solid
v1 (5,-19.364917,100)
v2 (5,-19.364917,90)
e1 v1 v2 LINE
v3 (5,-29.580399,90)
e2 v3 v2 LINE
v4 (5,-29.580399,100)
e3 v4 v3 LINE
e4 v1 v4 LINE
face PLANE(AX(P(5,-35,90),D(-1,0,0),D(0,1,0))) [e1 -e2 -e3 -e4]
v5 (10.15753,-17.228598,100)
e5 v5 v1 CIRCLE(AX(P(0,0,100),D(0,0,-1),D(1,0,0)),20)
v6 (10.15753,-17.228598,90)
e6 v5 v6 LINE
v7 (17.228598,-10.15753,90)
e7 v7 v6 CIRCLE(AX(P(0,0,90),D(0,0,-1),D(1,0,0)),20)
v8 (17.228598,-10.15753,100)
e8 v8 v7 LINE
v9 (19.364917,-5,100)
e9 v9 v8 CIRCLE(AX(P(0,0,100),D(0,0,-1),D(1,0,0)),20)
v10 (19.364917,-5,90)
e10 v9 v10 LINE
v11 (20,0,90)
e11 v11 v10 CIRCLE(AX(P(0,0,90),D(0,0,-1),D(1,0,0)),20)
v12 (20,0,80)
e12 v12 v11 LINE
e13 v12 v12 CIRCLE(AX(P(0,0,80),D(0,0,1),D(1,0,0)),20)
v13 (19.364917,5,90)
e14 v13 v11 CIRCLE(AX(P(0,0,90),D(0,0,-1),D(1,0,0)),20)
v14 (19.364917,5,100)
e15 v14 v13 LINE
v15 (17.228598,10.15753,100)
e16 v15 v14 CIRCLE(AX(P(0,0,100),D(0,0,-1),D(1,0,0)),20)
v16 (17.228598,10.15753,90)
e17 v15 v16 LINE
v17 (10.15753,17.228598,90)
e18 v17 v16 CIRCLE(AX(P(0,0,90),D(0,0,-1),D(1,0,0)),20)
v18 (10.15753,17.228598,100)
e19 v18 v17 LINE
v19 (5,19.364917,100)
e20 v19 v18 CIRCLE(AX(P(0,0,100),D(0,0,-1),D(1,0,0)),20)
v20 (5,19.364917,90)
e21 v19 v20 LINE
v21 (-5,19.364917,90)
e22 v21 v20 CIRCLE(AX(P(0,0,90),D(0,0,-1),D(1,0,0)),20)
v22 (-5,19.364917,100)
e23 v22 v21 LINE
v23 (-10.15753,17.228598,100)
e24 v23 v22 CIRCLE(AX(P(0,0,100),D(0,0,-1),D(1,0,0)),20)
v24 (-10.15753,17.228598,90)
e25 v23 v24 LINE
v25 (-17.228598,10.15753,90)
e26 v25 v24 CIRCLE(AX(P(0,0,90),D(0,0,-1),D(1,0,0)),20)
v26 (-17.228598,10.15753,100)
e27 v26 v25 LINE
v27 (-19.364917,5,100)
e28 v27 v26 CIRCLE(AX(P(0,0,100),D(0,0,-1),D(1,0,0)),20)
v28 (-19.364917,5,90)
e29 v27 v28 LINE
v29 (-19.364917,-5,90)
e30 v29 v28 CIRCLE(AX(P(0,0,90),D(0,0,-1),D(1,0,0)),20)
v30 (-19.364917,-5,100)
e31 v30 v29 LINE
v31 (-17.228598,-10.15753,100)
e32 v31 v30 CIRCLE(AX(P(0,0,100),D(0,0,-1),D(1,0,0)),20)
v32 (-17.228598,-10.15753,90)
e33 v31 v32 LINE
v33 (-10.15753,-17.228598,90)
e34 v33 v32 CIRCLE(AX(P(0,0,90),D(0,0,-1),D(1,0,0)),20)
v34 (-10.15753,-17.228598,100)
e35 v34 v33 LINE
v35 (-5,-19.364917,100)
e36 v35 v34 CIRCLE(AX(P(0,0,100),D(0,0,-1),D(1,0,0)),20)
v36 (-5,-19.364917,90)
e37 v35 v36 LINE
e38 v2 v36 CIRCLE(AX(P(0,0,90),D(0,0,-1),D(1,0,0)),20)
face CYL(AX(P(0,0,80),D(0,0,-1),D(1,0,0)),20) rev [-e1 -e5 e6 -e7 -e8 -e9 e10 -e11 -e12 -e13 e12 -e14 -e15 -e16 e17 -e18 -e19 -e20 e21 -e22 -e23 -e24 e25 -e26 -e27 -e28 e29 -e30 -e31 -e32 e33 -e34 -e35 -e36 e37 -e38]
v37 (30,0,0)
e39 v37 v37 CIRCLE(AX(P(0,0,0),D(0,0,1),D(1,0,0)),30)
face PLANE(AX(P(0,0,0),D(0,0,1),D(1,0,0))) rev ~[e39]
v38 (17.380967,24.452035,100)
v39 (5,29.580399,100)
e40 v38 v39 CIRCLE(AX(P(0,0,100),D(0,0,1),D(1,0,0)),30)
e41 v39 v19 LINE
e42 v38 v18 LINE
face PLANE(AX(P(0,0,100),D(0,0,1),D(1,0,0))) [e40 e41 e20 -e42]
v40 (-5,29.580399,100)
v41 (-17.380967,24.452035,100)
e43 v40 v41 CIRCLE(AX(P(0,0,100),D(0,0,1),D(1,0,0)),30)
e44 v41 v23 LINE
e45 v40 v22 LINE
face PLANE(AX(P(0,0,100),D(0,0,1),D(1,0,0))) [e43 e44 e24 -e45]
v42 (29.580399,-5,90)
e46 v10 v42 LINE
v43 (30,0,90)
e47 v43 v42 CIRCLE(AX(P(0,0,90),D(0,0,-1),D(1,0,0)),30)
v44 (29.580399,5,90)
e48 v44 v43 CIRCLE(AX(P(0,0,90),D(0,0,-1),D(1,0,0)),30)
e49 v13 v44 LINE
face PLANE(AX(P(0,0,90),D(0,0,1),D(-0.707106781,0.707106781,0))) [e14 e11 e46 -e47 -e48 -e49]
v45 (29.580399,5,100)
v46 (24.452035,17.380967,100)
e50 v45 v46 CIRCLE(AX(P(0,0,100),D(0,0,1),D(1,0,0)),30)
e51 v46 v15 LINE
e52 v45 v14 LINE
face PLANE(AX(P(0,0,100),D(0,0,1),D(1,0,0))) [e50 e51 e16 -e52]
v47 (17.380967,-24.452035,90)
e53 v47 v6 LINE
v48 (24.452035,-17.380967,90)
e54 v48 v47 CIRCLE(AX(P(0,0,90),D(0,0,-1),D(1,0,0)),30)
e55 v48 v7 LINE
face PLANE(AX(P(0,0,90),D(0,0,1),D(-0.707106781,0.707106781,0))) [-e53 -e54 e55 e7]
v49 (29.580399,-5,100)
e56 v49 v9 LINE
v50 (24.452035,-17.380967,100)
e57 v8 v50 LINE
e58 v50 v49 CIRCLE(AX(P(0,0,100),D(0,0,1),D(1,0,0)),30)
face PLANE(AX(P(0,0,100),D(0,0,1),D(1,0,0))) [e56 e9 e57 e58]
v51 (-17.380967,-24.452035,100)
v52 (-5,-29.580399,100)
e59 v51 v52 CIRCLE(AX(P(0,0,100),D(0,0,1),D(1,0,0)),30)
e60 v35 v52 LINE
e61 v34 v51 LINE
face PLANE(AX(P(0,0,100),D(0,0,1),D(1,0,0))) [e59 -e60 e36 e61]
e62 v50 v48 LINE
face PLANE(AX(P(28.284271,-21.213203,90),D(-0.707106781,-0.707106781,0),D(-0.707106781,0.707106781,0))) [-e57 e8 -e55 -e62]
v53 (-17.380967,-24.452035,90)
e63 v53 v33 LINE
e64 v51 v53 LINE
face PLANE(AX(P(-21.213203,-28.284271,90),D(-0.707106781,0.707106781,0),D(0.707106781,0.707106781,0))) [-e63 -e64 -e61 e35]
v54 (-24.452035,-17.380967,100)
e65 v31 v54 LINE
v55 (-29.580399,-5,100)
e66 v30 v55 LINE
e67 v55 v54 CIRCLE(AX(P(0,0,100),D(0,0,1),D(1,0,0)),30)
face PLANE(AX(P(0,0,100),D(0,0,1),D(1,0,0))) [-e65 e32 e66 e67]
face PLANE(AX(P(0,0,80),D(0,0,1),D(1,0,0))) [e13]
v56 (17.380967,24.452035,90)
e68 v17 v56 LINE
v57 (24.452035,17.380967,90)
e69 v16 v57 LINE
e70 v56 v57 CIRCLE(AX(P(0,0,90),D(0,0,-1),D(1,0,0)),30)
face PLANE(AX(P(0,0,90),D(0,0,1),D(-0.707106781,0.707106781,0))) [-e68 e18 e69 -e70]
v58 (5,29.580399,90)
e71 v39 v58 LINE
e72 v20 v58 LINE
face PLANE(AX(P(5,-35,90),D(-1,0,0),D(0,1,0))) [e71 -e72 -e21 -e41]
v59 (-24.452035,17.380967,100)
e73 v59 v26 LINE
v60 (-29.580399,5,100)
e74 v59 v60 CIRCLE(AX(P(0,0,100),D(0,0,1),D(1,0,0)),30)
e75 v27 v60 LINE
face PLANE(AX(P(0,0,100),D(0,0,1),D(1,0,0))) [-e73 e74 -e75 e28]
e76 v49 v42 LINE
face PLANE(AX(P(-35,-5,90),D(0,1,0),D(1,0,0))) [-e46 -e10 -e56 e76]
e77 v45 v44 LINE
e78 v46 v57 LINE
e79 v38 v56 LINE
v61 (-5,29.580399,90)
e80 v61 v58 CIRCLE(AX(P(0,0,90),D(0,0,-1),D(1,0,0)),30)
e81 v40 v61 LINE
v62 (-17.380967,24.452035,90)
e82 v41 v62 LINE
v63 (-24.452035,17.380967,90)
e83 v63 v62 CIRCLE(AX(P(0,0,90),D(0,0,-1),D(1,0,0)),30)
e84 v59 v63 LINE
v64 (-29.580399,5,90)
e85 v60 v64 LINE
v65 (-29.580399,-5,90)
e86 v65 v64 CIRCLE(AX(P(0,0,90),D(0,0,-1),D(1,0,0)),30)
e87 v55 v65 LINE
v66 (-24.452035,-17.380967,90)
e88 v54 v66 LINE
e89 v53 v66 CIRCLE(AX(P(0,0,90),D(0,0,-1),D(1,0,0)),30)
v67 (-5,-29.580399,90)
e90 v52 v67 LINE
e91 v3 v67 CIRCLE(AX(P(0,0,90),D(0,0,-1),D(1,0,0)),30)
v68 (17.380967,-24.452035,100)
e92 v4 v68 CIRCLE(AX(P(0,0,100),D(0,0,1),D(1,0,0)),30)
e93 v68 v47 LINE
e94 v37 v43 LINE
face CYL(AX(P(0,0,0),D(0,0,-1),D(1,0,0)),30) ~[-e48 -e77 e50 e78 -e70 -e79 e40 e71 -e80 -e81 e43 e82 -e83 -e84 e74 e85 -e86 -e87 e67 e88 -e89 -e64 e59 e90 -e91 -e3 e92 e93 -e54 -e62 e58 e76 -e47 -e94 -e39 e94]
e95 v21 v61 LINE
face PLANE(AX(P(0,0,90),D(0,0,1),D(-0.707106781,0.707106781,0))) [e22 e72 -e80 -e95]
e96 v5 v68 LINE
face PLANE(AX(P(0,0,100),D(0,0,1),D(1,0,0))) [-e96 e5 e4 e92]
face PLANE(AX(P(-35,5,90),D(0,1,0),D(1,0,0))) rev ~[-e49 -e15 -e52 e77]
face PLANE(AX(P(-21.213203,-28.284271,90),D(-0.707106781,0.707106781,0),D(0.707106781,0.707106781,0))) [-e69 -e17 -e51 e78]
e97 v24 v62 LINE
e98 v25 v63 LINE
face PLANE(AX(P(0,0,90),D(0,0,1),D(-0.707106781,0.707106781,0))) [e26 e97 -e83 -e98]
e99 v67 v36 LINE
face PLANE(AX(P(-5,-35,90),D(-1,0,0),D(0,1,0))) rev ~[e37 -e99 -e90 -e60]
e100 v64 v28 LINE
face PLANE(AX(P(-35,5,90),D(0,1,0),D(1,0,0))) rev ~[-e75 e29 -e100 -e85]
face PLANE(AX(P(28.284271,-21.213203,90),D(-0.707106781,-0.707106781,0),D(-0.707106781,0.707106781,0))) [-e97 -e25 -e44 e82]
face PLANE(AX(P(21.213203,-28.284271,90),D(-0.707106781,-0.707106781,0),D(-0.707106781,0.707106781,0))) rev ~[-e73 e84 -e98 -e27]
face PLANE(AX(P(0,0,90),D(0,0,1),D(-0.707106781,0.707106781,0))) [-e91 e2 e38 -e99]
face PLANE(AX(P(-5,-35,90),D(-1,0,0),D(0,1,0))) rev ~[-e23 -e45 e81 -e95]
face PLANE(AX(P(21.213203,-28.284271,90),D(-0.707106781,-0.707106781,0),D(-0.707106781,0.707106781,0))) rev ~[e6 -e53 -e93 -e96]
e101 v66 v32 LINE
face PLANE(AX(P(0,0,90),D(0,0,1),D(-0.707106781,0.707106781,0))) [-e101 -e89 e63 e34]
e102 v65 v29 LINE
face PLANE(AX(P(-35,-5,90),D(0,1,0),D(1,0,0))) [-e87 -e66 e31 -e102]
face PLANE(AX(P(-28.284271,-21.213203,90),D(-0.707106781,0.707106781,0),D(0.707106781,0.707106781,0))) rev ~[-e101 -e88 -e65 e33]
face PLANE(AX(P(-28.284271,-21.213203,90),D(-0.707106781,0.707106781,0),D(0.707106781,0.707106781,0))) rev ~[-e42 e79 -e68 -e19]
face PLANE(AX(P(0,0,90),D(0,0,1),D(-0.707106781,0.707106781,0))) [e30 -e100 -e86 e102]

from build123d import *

# Parameters (mm, degrees)
BOX_W             = 70
BOX_H             = 10
BOX_DEPTH         = 11
ARRAY_COUNT       = 8
CYLINDER001_R     = 20
CYLINDER001_DEPTH = 30
CYLINDER_R        = 30
CYLINDER_DEPTH    = 100


with BuildPart() as fusion:
    # Box → Box (new body)
    with BuildSketch(Plane(origin=(-35, -5, 90), x_dir=(1, 0, 0), z_dir=(0, 0, 1))):
        with Locations((35, 5)):
            Rectangle(BOX_W, BOX_H)
    extrude(amount=BOX_DEPTH)

    # Array: Fusion ×8 about axis
    array_axis = Axis((0, 0, 0), (0, 0, 1))


with BuildPart() as fusion_1:
    add(fusion.part)
    for i in range(1, ARRAY_COUNT):
        add(fusion.part.rotate(array_axis, i * 360 / ARRAY_COUNT))


with BuildPart() as resta_azotea:
    # Cylinder001 → Cylinder001 (new body)
    with BuildSketch(Plane.XY.offset(80)):
        Circle(CYLINDER001_R)
    extrude(amount=CYLINDER001_DEPTH)


with BuildPart() as cut001:
    # Cylinder → Cylinder (new body)
    with BuildSketch(Plane.XY):
        Circle(CYLINDER_R)
    extrude(amount=CYLINDER_DEPTH)

    # Cut: cut resta_azotea
    add(resta_azotea.part, mode=Mode.SUBTRACT)

    # Cut001: cut Fusion
    add(fusion_1.part, mode=Mode.SUBTRACT)


solid = cut001.part
